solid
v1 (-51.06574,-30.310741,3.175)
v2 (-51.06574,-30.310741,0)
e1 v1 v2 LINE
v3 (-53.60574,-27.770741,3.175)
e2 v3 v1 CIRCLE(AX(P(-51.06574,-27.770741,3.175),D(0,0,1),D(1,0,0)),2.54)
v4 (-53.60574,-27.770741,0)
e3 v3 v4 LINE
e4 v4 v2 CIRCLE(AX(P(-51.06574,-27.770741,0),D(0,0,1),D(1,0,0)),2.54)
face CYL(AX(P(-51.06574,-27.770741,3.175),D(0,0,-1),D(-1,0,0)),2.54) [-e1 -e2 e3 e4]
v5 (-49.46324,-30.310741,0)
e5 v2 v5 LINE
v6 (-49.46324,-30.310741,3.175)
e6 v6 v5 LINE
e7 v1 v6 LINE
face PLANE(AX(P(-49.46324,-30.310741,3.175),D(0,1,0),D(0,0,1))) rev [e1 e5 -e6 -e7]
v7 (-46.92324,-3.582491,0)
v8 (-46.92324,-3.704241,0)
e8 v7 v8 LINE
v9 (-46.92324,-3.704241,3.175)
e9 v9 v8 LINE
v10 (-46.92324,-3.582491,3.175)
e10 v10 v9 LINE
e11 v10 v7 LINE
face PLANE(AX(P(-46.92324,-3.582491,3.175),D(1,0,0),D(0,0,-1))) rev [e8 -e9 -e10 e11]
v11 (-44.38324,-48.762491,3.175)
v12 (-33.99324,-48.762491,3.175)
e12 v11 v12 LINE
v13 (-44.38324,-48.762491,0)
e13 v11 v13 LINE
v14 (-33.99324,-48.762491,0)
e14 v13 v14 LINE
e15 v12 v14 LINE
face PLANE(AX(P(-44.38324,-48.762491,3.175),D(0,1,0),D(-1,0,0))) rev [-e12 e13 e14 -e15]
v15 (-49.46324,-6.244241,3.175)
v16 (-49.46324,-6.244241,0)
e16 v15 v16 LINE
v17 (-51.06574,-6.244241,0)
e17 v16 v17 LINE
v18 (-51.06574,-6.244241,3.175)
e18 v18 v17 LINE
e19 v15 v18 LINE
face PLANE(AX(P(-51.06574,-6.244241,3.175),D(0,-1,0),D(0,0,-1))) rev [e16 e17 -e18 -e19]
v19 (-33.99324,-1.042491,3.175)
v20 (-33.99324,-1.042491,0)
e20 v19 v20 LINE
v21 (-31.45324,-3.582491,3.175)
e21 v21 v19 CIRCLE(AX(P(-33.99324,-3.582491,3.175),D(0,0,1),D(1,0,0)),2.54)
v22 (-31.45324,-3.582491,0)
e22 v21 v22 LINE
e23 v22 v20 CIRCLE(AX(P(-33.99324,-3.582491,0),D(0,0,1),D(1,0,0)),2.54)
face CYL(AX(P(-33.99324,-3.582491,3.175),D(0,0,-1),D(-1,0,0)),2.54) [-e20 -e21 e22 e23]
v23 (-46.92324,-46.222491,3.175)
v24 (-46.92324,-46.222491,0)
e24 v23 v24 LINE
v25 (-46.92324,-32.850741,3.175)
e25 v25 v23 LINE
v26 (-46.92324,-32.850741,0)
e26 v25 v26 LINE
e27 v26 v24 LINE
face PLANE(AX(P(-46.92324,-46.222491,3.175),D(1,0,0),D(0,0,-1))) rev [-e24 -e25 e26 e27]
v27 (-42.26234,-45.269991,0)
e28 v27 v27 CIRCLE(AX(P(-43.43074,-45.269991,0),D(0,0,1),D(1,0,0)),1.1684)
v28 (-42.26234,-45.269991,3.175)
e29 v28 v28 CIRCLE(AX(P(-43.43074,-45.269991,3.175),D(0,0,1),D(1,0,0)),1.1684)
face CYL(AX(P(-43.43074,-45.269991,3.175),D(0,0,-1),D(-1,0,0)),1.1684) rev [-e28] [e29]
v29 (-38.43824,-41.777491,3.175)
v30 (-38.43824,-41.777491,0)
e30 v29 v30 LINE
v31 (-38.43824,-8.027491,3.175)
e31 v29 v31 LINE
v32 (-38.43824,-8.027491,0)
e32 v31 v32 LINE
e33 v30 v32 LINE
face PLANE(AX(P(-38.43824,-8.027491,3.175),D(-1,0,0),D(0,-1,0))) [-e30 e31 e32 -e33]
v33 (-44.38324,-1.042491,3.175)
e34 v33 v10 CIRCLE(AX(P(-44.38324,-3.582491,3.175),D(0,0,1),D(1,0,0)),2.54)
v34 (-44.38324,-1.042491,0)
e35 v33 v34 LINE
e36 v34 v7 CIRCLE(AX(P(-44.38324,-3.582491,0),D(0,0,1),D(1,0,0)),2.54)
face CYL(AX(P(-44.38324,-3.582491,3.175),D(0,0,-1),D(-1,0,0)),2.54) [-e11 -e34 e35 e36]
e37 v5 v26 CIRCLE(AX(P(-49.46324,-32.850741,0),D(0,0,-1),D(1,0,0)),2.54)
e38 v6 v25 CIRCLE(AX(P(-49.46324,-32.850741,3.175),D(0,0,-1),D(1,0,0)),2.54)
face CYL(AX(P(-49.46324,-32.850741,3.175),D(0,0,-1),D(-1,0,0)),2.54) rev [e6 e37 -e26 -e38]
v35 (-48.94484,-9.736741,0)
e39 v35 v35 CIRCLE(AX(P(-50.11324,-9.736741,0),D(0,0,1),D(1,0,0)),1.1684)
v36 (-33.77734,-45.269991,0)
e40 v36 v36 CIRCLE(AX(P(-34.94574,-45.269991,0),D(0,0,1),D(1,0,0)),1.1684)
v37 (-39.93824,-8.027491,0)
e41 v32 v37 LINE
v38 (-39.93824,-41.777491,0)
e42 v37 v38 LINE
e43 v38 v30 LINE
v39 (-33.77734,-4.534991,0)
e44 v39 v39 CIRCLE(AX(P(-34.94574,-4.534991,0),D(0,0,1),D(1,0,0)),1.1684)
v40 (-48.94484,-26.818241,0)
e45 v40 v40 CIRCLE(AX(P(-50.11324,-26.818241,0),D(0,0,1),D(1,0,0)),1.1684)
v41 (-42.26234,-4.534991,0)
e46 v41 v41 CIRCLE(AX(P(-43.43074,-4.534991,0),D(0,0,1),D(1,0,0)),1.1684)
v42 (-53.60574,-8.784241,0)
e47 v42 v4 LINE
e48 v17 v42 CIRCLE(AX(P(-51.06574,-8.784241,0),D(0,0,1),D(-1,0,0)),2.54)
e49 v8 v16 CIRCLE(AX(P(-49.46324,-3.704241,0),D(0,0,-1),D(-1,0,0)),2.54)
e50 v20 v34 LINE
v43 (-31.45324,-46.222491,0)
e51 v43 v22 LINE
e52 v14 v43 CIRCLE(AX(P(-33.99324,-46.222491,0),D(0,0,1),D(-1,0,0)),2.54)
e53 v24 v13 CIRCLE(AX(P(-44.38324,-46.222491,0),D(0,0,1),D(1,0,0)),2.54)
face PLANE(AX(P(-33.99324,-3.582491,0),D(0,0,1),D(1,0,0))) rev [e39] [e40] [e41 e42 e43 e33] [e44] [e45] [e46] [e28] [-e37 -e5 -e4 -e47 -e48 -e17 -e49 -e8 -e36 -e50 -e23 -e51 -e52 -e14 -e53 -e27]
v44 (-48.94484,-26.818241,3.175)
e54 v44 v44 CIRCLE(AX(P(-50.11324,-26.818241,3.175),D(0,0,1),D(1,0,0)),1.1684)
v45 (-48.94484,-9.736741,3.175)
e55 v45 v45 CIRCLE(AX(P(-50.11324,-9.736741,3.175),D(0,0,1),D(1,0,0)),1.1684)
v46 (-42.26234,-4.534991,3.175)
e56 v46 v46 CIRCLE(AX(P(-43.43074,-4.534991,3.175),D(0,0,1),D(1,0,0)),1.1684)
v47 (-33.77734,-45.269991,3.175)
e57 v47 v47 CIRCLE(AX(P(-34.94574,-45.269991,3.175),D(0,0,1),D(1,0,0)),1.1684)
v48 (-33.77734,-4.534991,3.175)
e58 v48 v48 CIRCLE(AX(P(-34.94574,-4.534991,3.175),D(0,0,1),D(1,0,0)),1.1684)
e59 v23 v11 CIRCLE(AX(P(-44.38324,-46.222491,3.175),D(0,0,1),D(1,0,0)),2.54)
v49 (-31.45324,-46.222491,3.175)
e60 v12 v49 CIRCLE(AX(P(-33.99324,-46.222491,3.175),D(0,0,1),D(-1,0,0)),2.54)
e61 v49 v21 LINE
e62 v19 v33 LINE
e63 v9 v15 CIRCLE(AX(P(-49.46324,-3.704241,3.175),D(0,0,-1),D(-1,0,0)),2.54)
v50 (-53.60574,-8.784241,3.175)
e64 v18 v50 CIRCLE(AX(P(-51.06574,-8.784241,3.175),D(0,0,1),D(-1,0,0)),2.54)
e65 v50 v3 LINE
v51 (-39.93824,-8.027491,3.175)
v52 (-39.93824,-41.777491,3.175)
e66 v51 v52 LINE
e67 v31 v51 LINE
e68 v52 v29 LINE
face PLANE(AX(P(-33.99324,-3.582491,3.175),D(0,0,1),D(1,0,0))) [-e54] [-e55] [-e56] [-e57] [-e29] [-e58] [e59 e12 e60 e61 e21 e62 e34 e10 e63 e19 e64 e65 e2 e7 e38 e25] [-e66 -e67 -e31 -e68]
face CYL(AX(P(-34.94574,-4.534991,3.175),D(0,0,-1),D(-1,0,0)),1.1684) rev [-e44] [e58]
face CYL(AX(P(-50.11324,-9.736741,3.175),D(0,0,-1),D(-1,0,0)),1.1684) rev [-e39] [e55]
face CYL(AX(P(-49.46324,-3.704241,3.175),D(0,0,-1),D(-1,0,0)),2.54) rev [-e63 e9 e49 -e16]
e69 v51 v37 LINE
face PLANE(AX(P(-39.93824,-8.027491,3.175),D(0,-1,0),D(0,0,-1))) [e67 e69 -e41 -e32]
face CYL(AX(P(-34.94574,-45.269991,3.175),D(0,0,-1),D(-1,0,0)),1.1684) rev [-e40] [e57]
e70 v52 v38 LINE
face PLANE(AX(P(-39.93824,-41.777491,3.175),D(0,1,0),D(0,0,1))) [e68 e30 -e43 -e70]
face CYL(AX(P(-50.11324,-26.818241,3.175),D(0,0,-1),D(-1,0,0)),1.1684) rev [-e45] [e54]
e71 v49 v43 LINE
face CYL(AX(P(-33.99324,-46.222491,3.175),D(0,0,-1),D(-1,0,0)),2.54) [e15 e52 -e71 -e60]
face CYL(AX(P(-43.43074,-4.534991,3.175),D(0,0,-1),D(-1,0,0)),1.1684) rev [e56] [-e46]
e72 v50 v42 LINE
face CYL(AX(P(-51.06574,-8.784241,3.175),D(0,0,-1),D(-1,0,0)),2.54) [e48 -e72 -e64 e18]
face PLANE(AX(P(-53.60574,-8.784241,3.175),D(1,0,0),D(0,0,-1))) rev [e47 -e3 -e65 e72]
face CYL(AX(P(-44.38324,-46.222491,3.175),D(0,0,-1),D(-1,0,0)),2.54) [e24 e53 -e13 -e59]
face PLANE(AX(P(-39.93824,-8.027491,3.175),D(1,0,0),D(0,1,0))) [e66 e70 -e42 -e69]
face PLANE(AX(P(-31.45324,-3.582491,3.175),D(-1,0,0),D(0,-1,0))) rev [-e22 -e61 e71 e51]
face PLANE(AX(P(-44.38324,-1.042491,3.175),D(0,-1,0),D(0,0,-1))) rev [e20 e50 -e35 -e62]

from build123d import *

# Parameters (mm, degrees)
SKETCH1_R           = 1.1684
SKETCH1_W           = 1.5
SKETCH1_H           = 33.75
BOSS_EXTRUDE1_DEPTH = 3.175


with BuildPart() as part:
    # Sketch1 → Boss-Extrude1 (new body)
    with BuildSketch(Plane.XY):
        with BuildLine():
            Line((-31.453240404, -3.582490692), (-31.453240404, -46.222490692))
            ThreePointArc((-31.453240404, -46.222490692), (-32.197189179, -48.018541916), (-33.993240404, -48.762490692))
            Line((-33.993240404, -48.762490692), (-44.383240404, -48.762490692))
            ThreePointArc((-44.383240404, -48.762490692), (-46.179291628, -48.018541916), (-46.923240404, -46.222490692))
            Line((-46.923240404, -46.222490692), (-46.923240404, -32.850740692))
            ThreePointArc((-46.923240404, -32.850740692), (-47.667189179, -31.054689467), (-49.463240404, -30.310740692))
            Line((-49.463240404, -30.310740692), (-51.065740404, -30.310740692))
            ThreePointArc((-51.065740404, -30.310740692), (-52.861791628, -29.566791916), (-53.605740404, -27.770740692))
            Line((-53.605740404, -27.770740692), (-53.605740404, -8.784240692))
            ThreePointArc((-53.605740404, -8.784240692), (-52.861791628, -6.988189467), (-51.065740404, -6.244240692))
            Line((-51.065740404, -6.244240692), (-49.463240404, -6.244240692))
            ThreePointArc((-49.463240404, -6.244240692), (-47.667189179, -5.500291916), (-46.923240404, -3.704240692))
            Line((-46.923240404, -3.704240692), (-46.923240404, -3.582490692))
            ThreePointArc((-46.923240404, -3.582490692), (-46.179291628, -1.786439467), (-44.383240404, -1.042490692))
            Line((-44.383240404, -1.042490692), (-33.993240404, -1.042490692))
            ThreePointArc((-33.993240404, -1.042490692), (-32.197189179, -1.786439467), (-31.453240404, -3.582490692))
        make_face()
        with Locations((-43.430740404, -4.534990692)):
            Circle(SKETCH1_R, mode=Mode.SUBTRACT)
        with Locations((-34.945740404, -4.534990692)):
            Circle(SKETCH1_R, mode=Mode.SUBTRACT)
        with Locations((-43.430740404, -45.269990692)):
            Circle(SKETCH1_R, mode=Mode.SUBTRACT)
        with Locations((-34.945740404, -45.269990692)):
            Circle(SKETCH1_R, mode=Mode.SUBTRACT)
        with Locations((-50.113240404, -9.736740692)):
            Circle(SKETCH1_R, mode=Mode.SUBTRACT)
        with Locations((-50.113240404, -26.818240692)):
            Circle(SKETCH1_R, mode=Mode.SUBTRACT)
        with Locations((-39.188240404, -24.902490692)):
            Rectangle(SKETCH1_W, SKETCH1_H, mode=Mode.SUBTRACT)
    extrude(amount=BOSS_EXTRUDE1_DEPTH)


solid = part.part
